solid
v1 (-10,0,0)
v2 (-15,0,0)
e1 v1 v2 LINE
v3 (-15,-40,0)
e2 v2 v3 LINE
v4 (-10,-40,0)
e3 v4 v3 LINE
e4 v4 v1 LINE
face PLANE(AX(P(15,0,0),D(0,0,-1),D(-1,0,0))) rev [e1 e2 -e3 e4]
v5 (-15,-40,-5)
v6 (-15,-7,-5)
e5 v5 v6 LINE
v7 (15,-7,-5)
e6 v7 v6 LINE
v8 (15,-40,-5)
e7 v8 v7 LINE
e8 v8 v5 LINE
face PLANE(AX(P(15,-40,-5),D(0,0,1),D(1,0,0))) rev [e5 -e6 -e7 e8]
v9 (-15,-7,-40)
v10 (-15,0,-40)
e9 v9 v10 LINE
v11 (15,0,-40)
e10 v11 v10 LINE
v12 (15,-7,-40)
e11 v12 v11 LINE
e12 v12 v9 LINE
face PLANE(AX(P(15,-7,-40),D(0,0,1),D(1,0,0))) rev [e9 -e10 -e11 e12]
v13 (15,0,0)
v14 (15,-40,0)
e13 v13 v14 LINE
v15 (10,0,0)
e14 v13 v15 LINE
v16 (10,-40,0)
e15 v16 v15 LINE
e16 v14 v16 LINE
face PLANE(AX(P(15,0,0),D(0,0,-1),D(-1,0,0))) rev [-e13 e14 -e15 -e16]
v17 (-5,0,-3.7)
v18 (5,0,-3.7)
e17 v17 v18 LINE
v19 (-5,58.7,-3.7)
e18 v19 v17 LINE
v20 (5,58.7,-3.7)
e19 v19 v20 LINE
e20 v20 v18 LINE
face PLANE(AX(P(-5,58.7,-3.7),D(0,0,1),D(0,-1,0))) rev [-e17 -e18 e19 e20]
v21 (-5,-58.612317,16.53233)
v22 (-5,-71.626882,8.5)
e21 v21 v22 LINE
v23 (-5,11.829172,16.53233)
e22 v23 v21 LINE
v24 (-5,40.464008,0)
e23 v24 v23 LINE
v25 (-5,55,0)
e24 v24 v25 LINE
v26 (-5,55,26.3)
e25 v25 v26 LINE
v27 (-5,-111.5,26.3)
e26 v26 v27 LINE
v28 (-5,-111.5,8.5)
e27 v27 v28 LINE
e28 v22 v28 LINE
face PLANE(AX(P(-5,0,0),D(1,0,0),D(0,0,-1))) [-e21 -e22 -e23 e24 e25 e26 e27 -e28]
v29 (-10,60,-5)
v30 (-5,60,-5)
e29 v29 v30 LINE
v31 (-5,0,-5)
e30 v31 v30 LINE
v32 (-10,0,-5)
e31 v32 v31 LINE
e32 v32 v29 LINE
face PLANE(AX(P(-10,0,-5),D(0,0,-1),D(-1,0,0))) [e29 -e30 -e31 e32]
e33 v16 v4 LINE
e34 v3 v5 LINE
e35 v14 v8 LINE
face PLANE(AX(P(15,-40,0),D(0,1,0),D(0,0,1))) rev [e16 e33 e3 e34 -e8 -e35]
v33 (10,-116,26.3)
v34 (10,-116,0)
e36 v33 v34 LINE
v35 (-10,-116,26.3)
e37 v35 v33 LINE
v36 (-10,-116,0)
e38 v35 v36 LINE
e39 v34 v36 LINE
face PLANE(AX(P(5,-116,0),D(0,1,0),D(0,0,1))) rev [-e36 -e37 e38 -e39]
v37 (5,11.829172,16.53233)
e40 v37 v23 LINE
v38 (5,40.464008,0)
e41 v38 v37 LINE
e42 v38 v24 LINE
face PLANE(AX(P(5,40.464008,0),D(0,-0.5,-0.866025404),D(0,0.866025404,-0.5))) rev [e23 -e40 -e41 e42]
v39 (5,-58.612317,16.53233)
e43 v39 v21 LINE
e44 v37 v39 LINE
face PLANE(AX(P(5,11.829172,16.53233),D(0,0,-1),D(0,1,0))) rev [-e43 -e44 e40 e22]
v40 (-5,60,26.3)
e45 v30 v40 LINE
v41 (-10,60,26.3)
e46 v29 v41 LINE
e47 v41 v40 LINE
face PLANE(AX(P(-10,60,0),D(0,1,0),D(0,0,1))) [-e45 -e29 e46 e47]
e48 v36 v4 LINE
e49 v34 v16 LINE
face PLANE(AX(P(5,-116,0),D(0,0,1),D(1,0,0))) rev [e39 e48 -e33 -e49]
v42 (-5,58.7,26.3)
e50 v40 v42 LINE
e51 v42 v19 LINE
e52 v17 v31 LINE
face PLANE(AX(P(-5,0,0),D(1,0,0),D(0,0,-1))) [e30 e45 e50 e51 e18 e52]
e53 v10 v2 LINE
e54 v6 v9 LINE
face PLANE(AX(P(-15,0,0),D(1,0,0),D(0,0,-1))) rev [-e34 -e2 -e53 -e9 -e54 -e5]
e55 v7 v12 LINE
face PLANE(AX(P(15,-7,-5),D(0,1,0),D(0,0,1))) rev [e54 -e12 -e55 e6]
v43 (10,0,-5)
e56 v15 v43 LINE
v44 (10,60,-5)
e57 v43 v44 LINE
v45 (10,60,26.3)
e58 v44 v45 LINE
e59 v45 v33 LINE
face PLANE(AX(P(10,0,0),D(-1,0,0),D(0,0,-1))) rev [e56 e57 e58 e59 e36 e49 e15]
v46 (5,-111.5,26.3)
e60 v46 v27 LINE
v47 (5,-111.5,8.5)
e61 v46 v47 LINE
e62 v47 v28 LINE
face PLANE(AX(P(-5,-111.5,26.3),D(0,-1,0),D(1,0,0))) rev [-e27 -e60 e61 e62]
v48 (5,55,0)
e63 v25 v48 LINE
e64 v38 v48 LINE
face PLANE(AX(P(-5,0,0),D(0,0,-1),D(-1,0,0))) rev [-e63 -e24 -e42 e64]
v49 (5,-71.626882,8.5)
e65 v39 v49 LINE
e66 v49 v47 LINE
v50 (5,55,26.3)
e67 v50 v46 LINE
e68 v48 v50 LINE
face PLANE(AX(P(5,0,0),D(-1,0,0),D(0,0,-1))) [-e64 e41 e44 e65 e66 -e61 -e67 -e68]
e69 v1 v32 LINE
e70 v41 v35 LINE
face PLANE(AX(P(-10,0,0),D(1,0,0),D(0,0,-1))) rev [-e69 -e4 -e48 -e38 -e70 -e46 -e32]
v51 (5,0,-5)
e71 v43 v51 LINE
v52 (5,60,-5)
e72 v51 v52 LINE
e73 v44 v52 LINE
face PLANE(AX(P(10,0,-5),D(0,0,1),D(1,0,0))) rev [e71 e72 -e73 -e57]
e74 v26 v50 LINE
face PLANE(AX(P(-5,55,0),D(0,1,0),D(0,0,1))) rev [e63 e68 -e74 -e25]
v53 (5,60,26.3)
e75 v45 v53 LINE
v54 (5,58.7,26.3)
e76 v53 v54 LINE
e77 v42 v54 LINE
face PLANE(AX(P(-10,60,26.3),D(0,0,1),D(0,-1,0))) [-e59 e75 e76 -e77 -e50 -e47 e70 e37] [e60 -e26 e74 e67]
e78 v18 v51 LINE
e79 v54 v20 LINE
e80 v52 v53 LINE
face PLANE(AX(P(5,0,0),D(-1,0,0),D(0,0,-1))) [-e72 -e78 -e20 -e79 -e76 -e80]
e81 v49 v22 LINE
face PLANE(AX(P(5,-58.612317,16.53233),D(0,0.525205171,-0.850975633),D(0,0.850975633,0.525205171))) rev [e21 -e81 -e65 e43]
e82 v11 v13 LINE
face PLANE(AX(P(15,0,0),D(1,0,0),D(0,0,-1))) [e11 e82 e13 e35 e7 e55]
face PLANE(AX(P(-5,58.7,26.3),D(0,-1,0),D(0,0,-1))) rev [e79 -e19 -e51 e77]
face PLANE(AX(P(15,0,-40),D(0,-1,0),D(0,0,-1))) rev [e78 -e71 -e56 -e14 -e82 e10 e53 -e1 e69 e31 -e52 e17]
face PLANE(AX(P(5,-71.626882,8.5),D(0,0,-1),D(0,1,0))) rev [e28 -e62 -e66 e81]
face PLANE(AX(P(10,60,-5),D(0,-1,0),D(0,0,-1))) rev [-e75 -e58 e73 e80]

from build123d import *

# Parameters (mm, degrees)
BOSS_EXTRUDE2_DEPTH = 15
BOSS_EXTRUDE3_DEPTH = 5
BOSS_EXTRUDE4_DEPTH = 5
BOSS_EXTRUDE5_DEPTH = 10
SKETCH9_W           = 10
SKETCH9_H           = 4.5
BOSS_EXTRUDE6_DEPTH = 17.8


with BuildPart() as part:
    # Sketch2 → Boss-Extrude2 (new, symmetric)
    with BuildSketch(Plane(origin=(0, 0, 0), x_dir=(0, 0, -1), z_dir=(1, 0, 0))):
        Polygon((0, 0), (0, -40), (5, -40), (5, -7), (40, -7), (40, 0), align=None)
    extrude(amount=BOSS_EXTRUDE2_DEPTH, both=True)

    # Sketch3 → Boss-Extrude3 (add, symmetric)
    with BuildSketch(Plane(origin=(0, 0, 0), x_dir=(0, 0, -1), z_dir=(1, 0, 0))):
        Polygon((0, -116), (-8.5, -116), (-8.5, -71.626882213), (-16.532330081, -58.612316561), (-16.532330081, 11.829172037), (0, 40.464007705), align=None)
    extrude(amount=BOSS_EXTRUDE3_DEPTH, both=True)

    # Sketch4 → Boss-Extrude4 (add)
    with BuildSketch(Plane.ZY.offset(5)):
        Polygon((0, 60), (26.3, 60), (26.3, -116), (0, -116), (0, 0), (-5, 0), (-5, 60), align=None)
    boss_extrude4 = extrude(amount=BOSS_EXTRUDE4_DEPTH)

    # Mirror1: Boss-Extrude4 across plane
    add(boss_extrude4.mirror(Plane(origin=(0, 0, 0), x_dir=(0, 0, 1), z_dir=(1, 0, 0))))

    # Sketch8 → Boss-Extrude5 (add)
    with BuildSketch(Plane.ZY.offset(-5)):
        Polygon((0, 0), (0, 55), (26.3, 55), (26.3, 58.7), (-3.7, 58.7), (-3.7, 0), align=None)
    extrude(amount=BOSS_EXTRUDE5_DEPTH)

    # Sketch9 → Boss-Extrude6 (add)
    with BuildSketch(Plane.XY.offset(8.5)):
        with Locations((0, -113.75)):
            Rectangle(SKETCH9_W, SKETCH9_H)
    extrude(amount=BOSS_EXTRUDE6_DEPTH)


solid = part.part
